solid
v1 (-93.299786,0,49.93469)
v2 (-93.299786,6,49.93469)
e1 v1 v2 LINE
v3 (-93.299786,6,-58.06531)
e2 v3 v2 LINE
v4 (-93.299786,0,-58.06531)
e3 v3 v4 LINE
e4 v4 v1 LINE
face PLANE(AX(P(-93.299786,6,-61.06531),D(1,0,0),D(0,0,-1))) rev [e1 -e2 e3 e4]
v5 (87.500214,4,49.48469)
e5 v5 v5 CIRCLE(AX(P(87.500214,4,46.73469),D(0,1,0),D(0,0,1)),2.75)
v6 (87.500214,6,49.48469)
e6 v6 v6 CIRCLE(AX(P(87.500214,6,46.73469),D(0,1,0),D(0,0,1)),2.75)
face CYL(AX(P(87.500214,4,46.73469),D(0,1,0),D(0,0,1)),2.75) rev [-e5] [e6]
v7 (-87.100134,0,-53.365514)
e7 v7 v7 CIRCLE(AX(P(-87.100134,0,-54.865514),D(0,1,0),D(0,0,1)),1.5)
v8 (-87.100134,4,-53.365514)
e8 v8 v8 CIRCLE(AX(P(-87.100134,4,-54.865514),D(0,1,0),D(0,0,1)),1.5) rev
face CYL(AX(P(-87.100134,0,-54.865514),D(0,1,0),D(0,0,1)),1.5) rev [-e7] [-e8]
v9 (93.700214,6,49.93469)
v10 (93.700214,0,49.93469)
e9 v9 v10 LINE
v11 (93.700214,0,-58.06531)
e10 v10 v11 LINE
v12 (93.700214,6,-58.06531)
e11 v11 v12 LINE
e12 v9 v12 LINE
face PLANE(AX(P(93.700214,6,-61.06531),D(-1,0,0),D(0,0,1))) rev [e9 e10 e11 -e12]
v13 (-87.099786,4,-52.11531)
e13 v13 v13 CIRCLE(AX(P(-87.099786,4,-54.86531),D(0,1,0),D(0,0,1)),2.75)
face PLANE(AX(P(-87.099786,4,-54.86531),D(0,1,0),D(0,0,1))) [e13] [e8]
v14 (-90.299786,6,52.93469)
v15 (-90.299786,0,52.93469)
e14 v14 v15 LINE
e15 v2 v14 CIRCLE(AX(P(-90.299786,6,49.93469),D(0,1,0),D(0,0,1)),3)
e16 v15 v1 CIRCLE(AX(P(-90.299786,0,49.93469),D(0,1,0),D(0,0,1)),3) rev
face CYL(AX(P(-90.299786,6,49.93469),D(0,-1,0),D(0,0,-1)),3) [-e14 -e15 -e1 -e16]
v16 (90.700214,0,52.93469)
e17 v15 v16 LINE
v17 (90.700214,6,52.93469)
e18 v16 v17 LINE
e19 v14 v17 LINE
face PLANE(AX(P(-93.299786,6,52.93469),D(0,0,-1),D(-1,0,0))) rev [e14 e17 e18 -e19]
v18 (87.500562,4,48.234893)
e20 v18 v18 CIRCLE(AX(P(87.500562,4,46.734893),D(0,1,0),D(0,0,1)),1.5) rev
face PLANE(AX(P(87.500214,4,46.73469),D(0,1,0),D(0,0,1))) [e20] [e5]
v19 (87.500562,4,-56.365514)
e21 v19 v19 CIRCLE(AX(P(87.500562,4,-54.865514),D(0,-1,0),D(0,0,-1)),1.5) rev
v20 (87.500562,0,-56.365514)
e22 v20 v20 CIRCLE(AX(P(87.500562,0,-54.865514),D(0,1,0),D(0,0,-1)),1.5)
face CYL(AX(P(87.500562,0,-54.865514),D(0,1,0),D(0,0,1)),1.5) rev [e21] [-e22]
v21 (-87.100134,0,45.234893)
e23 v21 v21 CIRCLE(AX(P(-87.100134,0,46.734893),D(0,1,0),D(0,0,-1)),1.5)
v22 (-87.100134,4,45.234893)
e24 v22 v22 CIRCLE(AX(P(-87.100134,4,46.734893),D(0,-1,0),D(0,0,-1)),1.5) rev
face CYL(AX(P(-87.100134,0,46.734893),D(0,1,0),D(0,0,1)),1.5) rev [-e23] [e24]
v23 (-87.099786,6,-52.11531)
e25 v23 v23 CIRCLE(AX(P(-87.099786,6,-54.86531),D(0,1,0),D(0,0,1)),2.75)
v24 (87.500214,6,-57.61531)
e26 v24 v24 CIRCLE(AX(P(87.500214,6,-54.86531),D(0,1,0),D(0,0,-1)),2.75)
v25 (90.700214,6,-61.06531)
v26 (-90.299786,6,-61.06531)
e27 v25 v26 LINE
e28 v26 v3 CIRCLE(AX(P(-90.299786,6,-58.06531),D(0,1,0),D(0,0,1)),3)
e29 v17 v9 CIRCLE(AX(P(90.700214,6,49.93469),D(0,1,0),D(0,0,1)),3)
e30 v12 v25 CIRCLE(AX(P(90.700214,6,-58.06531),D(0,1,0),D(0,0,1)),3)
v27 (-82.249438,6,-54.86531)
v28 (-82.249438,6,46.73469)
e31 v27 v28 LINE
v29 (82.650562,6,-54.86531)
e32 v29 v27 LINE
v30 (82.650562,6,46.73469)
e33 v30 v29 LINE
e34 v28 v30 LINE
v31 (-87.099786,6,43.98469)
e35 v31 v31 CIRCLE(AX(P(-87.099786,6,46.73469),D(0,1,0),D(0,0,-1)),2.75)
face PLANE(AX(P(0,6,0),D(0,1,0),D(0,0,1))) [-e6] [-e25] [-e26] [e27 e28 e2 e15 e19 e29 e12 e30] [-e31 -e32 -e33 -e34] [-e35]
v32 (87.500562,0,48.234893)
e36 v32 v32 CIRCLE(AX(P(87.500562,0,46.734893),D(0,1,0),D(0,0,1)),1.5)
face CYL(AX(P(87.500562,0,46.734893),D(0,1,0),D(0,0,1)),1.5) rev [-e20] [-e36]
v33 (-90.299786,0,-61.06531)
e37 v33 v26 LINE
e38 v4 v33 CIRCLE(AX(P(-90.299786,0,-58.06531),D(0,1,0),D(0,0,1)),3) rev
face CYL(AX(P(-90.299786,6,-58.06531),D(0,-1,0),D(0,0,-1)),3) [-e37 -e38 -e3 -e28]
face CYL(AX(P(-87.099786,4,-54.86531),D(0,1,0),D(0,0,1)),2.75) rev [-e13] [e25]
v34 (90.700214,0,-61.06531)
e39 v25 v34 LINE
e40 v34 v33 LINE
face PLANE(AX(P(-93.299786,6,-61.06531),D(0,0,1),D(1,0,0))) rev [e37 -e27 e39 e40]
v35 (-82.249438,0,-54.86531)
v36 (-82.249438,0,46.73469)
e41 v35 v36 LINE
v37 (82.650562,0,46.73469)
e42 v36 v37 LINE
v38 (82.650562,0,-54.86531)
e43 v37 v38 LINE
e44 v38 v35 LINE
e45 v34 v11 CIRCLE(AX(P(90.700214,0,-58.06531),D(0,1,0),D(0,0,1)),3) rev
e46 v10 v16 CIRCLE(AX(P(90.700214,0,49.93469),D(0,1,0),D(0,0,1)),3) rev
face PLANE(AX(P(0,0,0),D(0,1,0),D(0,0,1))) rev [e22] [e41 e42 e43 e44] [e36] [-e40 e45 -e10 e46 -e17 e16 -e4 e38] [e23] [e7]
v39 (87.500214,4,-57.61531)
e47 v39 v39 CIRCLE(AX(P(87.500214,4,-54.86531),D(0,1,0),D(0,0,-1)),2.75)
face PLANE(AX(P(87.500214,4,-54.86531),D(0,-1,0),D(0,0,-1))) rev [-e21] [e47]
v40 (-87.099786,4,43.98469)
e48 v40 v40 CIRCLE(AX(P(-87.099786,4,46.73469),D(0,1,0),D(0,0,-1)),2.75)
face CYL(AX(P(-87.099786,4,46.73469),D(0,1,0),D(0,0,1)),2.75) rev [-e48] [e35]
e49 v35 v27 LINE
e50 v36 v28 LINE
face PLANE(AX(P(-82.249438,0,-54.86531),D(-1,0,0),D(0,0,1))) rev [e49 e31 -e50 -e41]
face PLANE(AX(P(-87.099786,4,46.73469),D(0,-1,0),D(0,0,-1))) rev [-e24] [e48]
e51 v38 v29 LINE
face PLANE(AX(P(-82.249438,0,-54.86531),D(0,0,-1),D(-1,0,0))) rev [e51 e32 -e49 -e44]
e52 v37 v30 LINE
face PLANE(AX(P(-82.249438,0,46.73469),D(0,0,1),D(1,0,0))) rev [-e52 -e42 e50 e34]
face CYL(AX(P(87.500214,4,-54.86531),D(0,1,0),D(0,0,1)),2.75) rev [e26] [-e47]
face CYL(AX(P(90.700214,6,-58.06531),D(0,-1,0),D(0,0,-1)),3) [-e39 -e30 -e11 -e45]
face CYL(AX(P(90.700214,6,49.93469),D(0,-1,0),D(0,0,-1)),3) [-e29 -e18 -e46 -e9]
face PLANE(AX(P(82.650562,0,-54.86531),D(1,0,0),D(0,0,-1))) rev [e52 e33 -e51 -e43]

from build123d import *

# Parameters (mm, degrees)
SKETCH_1_W          = 187
SKETCH_1_H          = 114
EXTRUDE_1_DEPTH     = 6
FILLET_1_R          = 3
SKETCH_3_W          = 164.9
SKETCH_3_H          = 101.6
CUT_EXTRUDE_1_DEPTH = 6
SKETCH_6_R          = 1.5
CUT_EXTRUDE_3_DEPTH = 6
SKETCH_7_R          = 2.75
CUT_EXTRUDE_4_DEPTH = 2


with BuildPart() as part:
    # 草图1 → 凸台-拉伸1 (new body)
    with BuildSketch(Plane(origin=(0, 0, 0), x_dir=(1, 0, 0), z_dir=(0, 1, 0))):
        with Locations((0.200214133, 4.065310493)):
            Rectangle(SKETCH_1_W, SKETCH_1_H)
    extrude(amount=EXTRUDE_1_DEPTH)

    # 圆角1
    fillet_1_edges = [part.edges().sort_by_distance(p)[0] for p in [
        (-93.299785867, 3, -61.065310493),
        (93.700214133, 3, -61.065310493),
        (93.700214133, 3, 52.934689507),
        (-93.299785867, 3, 52.934689507),
    ]]
    fillet(fillet_1_edges, radius=FILLET_1_R)

    # 草图3 → 切除-拉伸1 (cut)
    with BuildSketch(Plane(origin=(0, 6, 0), x_dir=(1, 0, 0), z_dir=(0, 1, 0))):
        with Locations((0.200562113, 4.065310493)):
            Rectangle(SKETCH_3_W, SKETCH_3_H)
    extrude(amount=-CUT_EXTRUDE_1_DEPTH, mode=Mode.SUBTRACT)

    # 草图6 → 切除-拉伸3 (cut)
    with BuildSketch(Plane(origin=(0, 6, 0), x_dir=(1, 0, 0), z_dir=(0, 1, 0))):
        with Locations(Location((87.500562113, -46.734892708, 0), (0, 0, 270))):
            Circle(SKETCH_6_R)
        with Locations(Location((87.500562113, 54.865513693, 0), (0, 0, 90))):
            Circle(SKETCH_6_R)
        with Locations(Location((-87.100133848, -46.734892708, 0), (0, 0, 90))):
            Circle(SKETCH_6_R)
        with Locations(Location((-87.100133848, 54.865513693, 0), (0, 0, 270))):
            Circle(SKETCH_6_R)
    extrude(amount=-CUT_EXTRUDE_3_DEPTH, mode=Mode.SUBTRACT)

    # 草图7 → 切除-拉伸4 (cut)
    with BuildSketch(Plane(origin=(0, 6, 0), x_dir=(1, 0, 0), z_dir=(0, 1, 0))):
        with Locations(Location((-87.099785867, 54.865310493, 0), (0, 0, 270))):
            Circle(SKETCH_7_R)
        with Locations(Location((87.500214133, 54.865310493, 0), (0, 0, 90))):
            Circle(SKETCH_7_R)
        with Locations(Location((-87.099785867, -46.734689507, 0), (0, 0, 90))):
            Circle(SKETCH_7_R)
        with Locations(Location((87.500214133, -46.734689507, 0), (0, 0, 270))):
            Circle(SKETCH_7_R)
    extrude(amount=-CUT_EXTRUDE_4_DEPTH, mode=Mode.SUBTRACT)


solid = part.part
